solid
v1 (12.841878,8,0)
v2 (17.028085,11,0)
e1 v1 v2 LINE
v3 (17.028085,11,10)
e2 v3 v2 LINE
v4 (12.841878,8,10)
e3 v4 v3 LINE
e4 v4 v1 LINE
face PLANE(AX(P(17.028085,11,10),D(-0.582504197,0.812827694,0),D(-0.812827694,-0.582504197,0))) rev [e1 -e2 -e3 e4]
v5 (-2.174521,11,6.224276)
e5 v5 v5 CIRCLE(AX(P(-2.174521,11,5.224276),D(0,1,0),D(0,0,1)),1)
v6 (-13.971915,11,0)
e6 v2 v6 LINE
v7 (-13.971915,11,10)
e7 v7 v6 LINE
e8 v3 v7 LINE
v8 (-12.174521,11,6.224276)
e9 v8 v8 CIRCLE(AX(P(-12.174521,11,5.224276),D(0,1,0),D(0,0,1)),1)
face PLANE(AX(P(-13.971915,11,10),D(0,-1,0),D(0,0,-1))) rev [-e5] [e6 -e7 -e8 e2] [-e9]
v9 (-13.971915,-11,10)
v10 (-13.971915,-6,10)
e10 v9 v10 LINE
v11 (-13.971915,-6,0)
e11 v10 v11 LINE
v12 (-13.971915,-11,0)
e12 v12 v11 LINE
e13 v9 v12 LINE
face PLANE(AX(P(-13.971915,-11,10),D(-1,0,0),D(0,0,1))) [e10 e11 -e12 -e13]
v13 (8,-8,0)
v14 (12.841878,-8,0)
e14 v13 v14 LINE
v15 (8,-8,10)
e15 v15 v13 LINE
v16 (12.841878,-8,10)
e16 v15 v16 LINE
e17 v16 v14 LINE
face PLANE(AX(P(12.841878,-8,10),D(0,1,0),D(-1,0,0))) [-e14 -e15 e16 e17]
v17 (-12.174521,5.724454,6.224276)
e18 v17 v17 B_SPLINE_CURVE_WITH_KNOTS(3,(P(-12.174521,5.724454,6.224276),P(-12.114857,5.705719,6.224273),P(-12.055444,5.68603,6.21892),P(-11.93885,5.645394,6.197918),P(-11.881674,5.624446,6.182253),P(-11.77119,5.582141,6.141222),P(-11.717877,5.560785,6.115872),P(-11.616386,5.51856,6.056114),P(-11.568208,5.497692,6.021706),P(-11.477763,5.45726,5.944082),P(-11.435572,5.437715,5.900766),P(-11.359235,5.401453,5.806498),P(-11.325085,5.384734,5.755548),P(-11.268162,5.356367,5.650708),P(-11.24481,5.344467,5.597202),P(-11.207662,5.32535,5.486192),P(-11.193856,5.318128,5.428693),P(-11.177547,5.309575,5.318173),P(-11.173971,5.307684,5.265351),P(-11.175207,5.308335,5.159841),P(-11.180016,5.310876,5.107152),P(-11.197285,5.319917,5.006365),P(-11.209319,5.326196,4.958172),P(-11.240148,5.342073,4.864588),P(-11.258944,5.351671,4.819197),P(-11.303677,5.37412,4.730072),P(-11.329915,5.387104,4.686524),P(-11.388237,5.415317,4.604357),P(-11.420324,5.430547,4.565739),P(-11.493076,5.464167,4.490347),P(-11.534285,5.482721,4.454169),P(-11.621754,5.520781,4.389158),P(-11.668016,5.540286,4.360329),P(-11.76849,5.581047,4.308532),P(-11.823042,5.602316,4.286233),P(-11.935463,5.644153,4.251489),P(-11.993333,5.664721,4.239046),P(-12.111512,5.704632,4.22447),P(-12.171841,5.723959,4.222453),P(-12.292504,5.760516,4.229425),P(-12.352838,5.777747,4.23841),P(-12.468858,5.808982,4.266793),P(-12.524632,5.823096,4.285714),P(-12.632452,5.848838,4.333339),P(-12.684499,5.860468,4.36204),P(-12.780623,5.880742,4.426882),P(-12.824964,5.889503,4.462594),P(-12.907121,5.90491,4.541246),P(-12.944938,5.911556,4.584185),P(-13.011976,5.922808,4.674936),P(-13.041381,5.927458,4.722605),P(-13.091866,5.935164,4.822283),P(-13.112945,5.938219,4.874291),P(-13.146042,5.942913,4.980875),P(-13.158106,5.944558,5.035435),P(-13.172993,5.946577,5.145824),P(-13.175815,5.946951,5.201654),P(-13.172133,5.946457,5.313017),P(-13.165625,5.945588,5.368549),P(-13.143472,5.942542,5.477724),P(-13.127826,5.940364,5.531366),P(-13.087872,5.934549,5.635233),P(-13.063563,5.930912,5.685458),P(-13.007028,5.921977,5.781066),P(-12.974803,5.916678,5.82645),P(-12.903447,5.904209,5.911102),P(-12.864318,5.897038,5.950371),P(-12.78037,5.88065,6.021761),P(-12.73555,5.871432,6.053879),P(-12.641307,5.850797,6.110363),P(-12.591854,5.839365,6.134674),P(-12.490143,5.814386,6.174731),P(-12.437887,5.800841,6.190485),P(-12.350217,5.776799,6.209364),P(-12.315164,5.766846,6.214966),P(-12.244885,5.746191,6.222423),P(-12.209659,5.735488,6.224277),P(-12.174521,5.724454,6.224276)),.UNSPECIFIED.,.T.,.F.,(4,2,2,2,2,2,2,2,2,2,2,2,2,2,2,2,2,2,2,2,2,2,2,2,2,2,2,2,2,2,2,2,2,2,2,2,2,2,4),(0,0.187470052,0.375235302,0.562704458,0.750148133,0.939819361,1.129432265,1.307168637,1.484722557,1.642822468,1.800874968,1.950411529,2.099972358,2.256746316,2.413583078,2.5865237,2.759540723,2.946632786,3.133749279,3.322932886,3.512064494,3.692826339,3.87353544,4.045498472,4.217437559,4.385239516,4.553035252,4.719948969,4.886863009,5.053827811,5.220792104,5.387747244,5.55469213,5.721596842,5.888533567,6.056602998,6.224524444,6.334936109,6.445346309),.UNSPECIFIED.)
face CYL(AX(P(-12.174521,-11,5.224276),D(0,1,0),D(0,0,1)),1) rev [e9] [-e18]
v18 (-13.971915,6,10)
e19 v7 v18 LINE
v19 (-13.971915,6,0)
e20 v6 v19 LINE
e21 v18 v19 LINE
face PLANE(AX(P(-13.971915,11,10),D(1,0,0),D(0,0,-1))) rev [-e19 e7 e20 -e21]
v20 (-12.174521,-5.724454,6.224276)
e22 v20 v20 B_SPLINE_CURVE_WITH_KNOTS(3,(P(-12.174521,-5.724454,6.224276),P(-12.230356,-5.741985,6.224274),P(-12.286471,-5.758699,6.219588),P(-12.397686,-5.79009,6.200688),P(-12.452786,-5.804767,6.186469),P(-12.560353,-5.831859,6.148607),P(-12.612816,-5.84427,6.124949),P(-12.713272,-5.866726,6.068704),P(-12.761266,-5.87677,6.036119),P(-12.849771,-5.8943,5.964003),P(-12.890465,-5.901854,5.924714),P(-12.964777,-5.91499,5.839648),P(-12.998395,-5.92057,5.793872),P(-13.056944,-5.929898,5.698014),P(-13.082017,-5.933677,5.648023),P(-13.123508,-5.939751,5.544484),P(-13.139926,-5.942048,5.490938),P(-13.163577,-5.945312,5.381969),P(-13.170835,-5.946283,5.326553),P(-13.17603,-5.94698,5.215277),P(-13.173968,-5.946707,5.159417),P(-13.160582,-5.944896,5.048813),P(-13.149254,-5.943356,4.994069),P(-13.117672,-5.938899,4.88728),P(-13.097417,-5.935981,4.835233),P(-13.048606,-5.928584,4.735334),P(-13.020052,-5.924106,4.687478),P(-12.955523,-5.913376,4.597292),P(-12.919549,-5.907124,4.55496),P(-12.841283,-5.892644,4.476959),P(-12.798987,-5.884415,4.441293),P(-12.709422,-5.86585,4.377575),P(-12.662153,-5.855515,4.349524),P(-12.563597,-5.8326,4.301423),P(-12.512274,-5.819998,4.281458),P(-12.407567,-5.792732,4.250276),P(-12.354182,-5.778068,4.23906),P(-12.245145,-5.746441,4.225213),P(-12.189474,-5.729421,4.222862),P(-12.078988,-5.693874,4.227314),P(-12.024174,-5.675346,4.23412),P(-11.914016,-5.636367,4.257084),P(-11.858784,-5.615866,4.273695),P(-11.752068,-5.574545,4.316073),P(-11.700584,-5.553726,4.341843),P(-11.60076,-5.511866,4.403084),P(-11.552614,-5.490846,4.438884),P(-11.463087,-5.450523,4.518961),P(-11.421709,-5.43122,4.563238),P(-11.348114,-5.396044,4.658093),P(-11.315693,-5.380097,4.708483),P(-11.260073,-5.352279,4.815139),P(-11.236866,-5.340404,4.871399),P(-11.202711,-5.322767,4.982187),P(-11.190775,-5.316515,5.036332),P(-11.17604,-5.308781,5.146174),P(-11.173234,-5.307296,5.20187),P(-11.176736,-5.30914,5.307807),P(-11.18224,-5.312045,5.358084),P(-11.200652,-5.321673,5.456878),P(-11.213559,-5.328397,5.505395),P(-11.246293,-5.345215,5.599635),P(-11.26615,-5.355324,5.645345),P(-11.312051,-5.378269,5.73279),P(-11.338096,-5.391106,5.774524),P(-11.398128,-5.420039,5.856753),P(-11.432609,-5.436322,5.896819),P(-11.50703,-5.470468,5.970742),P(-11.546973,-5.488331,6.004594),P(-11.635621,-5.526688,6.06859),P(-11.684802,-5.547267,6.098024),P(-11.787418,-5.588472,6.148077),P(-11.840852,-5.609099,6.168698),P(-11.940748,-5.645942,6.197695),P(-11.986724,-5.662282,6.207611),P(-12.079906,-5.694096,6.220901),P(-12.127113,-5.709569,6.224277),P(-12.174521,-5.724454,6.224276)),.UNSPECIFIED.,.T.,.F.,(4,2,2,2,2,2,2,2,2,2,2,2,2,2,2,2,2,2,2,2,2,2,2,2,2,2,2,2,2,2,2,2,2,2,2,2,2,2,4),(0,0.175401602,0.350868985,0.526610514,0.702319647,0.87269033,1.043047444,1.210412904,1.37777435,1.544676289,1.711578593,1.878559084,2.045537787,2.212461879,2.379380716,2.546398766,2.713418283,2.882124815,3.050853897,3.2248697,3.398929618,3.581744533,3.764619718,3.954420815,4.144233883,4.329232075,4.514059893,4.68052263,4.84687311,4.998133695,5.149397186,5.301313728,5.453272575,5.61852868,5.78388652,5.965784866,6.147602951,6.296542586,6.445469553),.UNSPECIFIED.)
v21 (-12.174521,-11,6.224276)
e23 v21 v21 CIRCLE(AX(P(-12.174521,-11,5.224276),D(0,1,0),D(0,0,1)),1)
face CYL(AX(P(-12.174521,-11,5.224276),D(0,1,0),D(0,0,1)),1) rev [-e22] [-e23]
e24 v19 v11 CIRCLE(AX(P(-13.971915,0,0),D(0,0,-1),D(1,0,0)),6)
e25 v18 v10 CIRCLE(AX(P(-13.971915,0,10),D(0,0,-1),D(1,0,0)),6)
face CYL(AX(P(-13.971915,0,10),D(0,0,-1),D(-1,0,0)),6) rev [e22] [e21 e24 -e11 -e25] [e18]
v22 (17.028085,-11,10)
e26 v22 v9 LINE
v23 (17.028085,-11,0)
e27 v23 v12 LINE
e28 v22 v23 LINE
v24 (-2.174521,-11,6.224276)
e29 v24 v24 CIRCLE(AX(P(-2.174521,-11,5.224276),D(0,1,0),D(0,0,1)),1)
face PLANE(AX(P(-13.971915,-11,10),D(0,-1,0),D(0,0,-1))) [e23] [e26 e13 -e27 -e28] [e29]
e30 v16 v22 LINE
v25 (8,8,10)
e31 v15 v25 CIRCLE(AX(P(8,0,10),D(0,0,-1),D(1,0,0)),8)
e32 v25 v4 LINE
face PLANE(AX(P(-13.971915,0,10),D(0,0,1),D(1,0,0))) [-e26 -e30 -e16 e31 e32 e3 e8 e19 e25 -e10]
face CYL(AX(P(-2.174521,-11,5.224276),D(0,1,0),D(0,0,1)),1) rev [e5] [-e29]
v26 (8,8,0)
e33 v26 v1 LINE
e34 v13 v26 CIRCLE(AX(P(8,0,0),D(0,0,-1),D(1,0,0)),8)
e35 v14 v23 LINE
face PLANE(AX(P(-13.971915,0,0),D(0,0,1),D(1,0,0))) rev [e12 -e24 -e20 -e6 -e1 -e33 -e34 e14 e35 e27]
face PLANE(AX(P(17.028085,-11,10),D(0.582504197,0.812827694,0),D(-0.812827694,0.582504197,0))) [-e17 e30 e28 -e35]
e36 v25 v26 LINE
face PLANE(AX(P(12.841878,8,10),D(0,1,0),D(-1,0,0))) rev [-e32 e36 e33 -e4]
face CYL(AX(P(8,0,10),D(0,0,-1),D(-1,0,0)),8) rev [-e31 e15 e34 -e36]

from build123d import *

# Parameters (mm, degrees)
BOSS_EXTRUDE1_DEPTH = 10
SKETCH2_R           = 1
CUT_EXTRUDE1_DEPTH  = 23


with BuildPart() as part:
    # Sketch1 → Boss-Extrude1 (new body)
    with BuildSketch(Plane.XY):
        with BuildLine():
            Line((-13.971915032, 11), (17.028084968, 11))
            Line((17.028084968, 11), (12.841878076, 8))
            Line((12.841878076, 8), (8, 8))
            ThreePointArc((8, 8), (2.343145751, 5.656854249), (0, 0))
            Line((0, 0), (-7.971915032, 0))
            ThreePointArc((-7.971915032, 0), (-9.729274345, 4.242640687), (-13.971915032, 6))
            Line((-13.971915032, 6), (-13.971915032, 11))
        make_face()
    boss_extrude1 = extrude(amount=BOSS_EXTRUDE1_DEPTH)

    # Mirror1: Boss-Extrude1 across plane
    add(boss_extrude1.mirror(Plane.ZX))

    # Sketch2 → Cut-Extrude1 (cut, through all)
    with BuildSketch(Plane(origin=(0, 11, 0), x_dir=(1, 0, 0), z_dir=(0, 1, 0))):
        with Locations((-12.174520537, -5.224275734)):
            Circle(SKETCH2_R)
        with Locations((-2.174520537, -5.224275734)):
            Circle(SKETCH2_R)
    extrude(amount=-CUT_EXTRUDE1_DEPTH, mode=Mode.SUBTRACT)


solid = part.part
